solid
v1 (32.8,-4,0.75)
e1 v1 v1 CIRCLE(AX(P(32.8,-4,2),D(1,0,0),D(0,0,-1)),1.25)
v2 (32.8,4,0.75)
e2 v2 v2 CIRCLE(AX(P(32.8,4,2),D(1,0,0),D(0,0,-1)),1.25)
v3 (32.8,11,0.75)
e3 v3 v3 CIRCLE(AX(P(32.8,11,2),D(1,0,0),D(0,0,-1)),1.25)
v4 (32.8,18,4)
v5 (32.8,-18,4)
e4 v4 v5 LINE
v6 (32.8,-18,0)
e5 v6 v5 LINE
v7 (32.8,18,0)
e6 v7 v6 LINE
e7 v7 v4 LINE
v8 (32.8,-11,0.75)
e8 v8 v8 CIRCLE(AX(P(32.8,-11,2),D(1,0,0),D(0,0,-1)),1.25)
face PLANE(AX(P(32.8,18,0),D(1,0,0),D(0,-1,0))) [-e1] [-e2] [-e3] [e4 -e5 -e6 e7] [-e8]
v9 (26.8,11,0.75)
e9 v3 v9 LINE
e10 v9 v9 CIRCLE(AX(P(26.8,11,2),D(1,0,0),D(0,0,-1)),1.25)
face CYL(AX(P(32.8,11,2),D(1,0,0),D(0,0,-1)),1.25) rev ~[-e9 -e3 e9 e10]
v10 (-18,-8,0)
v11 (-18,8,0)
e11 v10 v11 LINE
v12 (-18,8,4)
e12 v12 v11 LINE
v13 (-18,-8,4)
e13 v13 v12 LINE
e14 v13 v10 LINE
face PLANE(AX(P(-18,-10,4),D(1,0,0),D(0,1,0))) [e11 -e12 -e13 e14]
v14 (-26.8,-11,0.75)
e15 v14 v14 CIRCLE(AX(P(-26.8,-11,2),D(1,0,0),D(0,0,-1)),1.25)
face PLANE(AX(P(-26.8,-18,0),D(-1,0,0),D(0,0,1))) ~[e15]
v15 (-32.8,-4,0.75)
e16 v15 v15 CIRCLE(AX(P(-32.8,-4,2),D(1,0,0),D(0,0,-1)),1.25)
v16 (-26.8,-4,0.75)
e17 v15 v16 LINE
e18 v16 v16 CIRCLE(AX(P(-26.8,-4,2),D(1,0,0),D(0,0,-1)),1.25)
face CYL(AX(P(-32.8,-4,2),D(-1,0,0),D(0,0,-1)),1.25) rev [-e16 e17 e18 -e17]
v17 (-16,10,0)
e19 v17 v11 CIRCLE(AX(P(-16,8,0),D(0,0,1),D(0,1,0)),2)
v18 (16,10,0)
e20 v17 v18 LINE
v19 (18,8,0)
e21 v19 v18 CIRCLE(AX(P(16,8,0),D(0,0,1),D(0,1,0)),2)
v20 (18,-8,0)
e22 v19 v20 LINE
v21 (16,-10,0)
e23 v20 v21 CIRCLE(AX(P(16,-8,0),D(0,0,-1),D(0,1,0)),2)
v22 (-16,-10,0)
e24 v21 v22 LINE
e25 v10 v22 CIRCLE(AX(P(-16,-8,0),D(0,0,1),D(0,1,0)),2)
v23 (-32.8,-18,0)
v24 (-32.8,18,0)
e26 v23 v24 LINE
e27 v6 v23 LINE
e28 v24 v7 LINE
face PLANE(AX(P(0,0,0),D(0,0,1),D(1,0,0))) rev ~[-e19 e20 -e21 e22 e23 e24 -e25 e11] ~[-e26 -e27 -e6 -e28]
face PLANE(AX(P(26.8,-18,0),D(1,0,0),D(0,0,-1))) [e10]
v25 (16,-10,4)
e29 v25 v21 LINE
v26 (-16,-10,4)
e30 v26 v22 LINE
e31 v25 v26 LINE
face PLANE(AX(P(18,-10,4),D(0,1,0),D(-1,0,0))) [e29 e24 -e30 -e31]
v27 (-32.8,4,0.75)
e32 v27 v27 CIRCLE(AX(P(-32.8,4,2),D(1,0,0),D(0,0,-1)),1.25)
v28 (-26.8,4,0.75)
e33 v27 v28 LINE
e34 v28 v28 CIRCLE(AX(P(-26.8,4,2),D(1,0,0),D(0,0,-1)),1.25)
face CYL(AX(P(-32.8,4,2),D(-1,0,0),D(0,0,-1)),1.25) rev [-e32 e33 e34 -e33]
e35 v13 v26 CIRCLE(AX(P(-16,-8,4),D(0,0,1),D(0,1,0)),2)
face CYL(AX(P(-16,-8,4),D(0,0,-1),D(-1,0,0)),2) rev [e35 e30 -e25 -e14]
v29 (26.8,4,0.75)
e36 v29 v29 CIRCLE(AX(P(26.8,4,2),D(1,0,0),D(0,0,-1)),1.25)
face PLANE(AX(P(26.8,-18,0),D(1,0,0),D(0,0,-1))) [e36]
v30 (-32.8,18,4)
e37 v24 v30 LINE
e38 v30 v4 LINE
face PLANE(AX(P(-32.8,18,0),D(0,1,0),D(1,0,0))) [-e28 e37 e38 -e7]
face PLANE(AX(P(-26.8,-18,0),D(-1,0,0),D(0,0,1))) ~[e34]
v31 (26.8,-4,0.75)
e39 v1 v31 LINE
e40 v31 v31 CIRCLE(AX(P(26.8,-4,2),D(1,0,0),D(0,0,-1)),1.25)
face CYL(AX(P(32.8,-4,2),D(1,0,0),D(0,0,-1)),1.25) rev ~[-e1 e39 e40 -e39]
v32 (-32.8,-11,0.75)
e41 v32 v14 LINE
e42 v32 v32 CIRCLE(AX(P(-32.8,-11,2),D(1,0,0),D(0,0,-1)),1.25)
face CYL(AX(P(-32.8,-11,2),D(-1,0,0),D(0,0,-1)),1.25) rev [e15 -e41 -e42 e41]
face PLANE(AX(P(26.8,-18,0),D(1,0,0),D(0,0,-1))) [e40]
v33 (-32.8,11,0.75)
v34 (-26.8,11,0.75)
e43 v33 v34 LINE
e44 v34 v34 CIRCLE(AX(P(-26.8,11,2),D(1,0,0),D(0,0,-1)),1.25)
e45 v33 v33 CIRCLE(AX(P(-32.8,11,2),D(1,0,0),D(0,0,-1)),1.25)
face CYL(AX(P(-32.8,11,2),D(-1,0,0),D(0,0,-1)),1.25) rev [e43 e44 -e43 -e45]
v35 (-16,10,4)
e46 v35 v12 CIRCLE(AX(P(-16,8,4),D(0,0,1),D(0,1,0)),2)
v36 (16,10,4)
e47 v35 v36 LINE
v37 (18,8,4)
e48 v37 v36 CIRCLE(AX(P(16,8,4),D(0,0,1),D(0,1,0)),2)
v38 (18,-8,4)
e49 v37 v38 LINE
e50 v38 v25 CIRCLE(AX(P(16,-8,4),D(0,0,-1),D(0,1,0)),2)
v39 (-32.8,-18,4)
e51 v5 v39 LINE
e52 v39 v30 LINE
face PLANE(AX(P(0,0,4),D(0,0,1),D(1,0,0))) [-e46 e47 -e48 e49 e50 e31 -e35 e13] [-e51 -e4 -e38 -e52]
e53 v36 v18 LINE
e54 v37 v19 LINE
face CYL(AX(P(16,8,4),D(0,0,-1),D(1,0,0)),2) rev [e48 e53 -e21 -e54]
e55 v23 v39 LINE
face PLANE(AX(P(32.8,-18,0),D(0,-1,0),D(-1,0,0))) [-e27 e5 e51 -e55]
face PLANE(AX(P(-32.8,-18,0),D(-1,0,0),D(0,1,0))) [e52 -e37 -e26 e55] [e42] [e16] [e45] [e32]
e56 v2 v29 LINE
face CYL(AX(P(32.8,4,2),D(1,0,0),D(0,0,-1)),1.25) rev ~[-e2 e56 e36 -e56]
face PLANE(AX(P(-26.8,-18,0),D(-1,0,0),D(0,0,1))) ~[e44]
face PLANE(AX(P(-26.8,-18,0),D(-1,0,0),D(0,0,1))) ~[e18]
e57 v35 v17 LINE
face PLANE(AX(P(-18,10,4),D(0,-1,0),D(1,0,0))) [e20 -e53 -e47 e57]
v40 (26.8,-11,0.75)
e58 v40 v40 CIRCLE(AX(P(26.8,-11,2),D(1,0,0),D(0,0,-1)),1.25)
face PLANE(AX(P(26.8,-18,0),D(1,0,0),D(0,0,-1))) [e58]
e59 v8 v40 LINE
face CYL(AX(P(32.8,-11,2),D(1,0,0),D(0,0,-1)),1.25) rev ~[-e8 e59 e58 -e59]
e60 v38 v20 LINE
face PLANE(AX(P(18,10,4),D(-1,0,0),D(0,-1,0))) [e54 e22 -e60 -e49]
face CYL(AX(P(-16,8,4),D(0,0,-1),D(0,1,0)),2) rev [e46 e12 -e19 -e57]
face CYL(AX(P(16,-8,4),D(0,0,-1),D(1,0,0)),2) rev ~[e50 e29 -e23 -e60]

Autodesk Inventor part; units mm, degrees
ref_plane "YZ Plane" through (0, 0, 0) normal (1, 0, 0) x (0, 1, 0)
ref_plane "XZ Plane" through (0, 0, 0) normal (0, 1, 0) x (-1, 0, 0)
ref_plane "XY Plane" through (0, 0, 0) normal (0, 0, 1) x (1, 0, 0)
sketch "스케치1" plane through (0, 0, 0) normal (0, 0, 1) x (1, 0, 0)
  line L0 (-32.8, 18) -> (32.8, 18)
  line L1 (32.8, 18) -> (32.8, -18)
  line L2 (32.8, -18) -> (-32.8, -18)
  line L3 (-32.8, -18) -> (-32.8, 18)
  line L4 (-32.8, 18) -> (32.8, -18) construction
  line L5 (32.8, 18) -> (-32.8, -18) construction
  point P0 (0, 0)
  dimension "d0" = 65.6
  dimension "d1" = 36
extrude "돌출1" add sketch "스케치1" along normal blind 4
sketch "스케치2" plane through (32.8, -18, 0) normal (1, 0, 0) x (0, 0, -1)
  line L0 (0, 0) -> (0, 36) projected
  line L1 (0, 36) -> (-4, 36) projected
  line L2 (-4, 0) -> (-4, 36) projected
  line L3 (0, 0) -> (-4, 0) projected
  line L4 (0, 0) -> (-4, 0) projected
  line L5 (-2, 0) -> (-2, 36) construction
  line L6 (0, 36) -> (-4, 36) projected
  circle A0 centre (-2, 7) radius 1.25
  circle A1 centre (-2, 14) radius 1.25
  circle A2 centre (-2, 22) radius 1.25
  circle A3 centre (-2, 29) radius 1.25
  point P0 (0, 18)
  dimension "d4" = 2.5
  dimension "d5" = 2.5
  dimension "d7" = 2.5
  dimension "d8" = 7
  dimension "d9" = 7
  dimension "d11" = 2.5
  dimension "d12" = 7
  dimension "d13" = 7
extrude "돌출2" cut sketch "스케치2" against normal blind 6 contours A0 | A1 | A2 | A3
mirror "미러1" about plane through (0, 0, 0) normal (1, 0, 0) of "돌출2"
sketch "스케치3" plane through (0, 0, 4) normal (0, 0, 1) x (1, 0, 0)
  line L0 (18, -10) -> (-18, -10)
  line L1 (-18, -10) -> (-18, 10)
  line L2 (-18, 10) -> (18, 10)
  line L3 (18, 10) -> (18, -10)
  line L4 (18, -10) -> (-18, 10) construction
  line L5 (-18, -10) -> (18, 10) construction
  point P0 (0, 0)
  dimension "d16" = 36
  dimension "d17" = 20
extrude "돌출3" cut sketch "스케치3" against normal blind 6
fillet "모깎기1" radius 2 4 edges at (18, -10, 2) (18, 10, 2) (-18, 10, 2) (-18, -10, 2)
properties part number "지지프레임1" material "알루미늄 6061"
